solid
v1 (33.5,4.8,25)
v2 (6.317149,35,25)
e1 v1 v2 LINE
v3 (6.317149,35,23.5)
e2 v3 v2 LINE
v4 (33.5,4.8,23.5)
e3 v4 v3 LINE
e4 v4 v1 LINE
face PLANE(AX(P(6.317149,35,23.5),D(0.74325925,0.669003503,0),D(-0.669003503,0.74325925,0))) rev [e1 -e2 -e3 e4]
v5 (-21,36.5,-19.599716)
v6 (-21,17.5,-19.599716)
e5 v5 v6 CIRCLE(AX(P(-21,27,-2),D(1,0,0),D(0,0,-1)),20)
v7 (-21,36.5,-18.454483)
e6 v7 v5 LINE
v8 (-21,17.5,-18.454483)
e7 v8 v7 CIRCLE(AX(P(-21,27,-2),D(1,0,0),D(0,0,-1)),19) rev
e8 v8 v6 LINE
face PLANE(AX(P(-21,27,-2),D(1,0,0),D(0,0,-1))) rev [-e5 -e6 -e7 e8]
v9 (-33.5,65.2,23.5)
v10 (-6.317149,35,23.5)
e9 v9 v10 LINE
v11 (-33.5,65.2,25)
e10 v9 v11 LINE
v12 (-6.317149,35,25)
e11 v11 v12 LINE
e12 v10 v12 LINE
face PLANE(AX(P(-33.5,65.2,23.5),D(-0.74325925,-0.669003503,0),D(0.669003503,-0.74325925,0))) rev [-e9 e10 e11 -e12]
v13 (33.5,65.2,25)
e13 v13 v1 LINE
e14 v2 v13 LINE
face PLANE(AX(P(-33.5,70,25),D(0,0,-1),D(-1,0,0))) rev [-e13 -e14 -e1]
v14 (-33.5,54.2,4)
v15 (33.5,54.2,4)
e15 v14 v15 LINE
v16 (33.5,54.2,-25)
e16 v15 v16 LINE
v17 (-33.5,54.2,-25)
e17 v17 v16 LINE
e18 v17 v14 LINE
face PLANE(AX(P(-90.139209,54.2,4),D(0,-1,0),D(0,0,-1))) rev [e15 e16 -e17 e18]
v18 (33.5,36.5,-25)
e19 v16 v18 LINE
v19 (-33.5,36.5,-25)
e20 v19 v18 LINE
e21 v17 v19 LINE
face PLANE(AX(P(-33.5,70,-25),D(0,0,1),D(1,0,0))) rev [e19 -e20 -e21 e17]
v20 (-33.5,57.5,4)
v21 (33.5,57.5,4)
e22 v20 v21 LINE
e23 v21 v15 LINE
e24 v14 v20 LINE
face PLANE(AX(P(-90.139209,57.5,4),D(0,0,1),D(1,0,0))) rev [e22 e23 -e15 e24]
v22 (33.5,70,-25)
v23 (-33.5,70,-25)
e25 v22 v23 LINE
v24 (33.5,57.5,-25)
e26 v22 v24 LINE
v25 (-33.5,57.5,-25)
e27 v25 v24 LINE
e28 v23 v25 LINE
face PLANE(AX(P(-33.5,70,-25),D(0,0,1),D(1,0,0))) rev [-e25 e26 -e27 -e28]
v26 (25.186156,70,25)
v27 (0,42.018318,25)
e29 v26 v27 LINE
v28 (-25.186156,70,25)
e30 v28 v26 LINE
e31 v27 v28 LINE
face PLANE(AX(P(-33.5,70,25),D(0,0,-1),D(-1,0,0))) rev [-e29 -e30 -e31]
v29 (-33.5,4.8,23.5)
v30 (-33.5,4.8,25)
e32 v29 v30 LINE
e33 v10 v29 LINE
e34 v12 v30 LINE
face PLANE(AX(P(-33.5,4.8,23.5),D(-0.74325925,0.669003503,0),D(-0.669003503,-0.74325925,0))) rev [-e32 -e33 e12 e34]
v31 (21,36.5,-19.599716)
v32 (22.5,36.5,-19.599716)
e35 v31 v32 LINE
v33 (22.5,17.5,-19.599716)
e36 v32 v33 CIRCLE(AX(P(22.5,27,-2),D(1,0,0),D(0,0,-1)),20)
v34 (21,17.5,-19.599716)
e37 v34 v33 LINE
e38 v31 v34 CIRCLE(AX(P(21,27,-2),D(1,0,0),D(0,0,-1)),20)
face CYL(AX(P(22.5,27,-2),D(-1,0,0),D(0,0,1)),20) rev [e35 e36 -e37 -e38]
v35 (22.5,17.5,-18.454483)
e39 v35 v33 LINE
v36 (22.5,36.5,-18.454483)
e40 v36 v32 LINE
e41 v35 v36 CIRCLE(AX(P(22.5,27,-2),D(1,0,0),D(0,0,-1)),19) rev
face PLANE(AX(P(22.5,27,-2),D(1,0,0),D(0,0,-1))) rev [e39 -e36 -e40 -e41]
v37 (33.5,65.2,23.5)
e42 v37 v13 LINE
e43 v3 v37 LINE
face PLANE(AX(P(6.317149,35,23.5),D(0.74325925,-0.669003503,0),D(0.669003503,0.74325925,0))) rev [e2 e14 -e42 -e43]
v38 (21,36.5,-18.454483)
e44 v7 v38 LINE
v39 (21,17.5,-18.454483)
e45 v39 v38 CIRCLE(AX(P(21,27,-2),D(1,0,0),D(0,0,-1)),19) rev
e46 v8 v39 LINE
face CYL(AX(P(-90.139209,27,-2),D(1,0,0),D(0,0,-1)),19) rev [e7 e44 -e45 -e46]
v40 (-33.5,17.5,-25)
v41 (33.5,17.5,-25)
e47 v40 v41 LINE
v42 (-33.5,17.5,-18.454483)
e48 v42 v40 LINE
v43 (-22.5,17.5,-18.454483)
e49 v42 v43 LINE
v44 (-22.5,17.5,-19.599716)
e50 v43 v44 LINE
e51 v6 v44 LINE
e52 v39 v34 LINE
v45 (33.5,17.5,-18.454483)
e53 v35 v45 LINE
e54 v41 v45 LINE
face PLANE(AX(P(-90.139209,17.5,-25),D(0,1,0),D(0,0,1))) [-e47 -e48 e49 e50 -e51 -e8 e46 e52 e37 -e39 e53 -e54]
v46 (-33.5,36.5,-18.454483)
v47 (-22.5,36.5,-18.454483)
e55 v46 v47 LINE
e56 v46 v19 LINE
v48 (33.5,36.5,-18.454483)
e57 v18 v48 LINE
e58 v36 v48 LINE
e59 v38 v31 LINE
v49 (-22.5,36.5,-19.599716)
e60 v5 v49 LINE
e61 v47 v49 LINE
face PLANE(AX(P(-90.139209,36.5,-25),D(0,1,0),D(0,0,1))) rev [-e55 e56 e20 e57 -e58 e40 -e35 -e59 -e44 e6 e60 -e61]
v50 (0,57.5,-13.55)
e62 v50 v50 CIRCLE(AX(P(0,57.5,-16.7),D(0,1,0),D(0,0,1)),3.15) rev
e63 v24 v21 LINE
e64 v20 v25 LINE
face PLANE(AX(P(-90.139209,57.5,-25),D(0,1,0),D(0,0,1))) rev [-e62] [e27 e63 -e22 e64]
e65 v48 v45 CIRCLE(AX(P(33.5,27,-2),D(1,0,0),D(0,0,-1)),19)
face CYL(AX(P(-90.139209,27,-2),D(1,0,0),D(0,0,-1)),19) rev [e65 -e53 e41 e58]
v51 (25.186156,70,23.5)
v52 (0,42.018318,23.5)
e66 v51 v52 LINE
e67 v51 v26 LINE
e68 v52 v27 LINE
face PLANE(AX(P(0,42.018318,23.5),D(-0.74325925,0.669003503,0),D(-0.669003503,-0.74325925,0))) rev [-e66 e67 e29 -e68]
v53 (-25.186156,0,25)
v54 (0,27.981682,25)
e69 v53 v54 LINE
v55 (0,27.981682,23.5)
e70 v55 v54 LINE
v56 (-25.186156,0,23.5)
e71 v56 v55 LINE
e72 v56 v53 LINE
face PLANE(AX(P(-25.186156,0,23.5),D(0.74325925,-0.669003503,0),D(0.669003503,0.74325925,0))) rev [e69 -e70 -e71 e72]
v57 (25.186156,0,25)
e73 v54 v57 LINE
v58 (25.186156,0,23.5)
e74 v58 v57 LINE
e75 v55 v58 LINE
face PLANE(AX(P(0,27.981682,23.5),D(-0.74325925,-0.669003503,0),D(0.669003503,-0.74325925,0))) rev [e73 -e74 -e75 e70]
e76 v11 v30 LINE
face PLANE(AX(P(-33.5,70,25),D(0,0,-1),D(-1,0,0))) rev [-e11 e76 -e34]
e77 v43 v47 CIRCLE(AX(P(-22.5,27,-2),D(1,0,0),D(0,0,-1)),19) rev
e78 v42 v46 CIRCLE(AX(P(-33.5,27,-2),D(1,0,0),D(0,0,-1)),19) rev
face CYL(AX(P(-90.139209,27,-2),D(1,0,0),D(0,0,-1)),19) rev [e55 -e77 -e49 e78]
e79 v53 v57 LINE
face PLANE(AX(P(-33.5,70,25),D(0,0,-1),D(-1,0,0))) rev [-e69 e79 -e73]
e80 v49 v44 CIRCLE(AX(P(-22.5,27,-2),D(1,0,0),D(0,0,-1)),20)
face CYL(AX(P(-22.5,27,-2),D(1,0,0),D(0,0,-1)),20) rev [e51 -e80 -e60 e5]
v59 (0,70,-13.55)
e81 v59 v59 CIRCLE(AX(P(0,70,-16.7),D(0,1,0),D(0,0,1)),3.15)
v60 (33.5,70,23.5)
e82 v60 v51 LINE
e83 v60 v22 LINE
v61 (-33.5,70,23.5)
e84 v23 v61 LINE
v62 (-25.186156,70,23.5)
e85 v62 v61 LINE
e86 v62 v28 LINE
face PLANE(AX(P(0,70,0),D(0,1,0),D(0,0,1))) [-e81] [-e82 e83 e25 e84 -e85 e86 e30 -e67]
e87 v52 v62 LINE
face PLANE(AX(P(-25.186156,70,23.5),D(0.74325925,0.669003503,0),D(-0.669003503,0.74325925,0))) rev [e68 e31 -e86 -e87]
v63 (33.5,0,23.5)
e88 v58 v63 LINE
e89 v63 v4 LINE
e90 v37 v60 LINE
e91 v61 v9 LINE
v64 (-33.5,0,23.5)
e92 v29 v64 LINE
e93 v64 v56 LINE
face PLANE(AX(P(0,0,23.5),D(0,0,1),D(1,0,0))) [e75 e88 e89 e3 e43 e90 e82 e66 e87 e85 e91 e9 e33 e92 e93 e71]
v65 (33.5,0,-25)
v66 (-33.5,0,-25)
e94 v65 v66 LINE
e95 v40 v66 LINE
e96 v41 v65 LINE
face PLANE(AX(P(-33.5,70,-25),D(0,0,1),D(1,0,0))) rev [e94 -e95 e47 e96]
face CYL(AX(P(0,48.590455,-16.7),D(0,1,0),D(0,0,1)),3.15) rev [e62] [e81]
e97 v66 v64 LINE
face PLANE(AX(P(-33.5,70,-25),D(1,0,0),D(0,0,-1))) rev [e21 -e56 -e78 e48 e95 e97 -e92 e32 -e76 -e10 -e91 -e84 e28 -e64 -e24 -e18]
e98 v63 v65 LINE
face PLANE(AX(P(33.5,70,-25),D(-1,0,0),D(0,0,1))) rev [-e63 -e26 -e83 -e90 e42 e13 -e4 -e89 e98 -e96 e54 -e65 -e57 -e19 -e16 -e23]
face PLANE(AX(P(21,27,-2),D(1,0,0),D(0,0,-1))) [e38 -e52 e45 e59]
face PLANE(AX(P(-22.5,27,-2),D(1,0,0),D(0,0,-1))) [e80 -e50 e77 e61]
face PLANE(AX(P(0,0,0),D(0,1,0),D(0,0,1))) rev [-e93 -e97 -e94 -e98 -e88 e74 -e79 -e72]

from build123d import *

# Parameters (mm, degrees)
SKETCH1_W           = 67
SKETCH1_H           = 50
BOSS_EXTRUDE1_DEPTH = 70
SKETCH3_W           = 29
SKETCH3_H           = 3.3
CUT_EXTRUDE1_DEPTH  = 67
SKETCH4_R           = 20
CUT_EXTRUDE2_DEPTH  = 1.5
CUT_EXTRUDE3_START  = -1.5
SKETCH5_R           = 20
CUT_EXTRUDE3_DEPTH  = 1.5
SKETCH7_R           = 3.15
CUT_EXTRUDE4_DEPTH  = 12.5
CUT_EXTRUDE5_DEPTH  = 1.5


with BuildPart() as part:
    # Sketch1 → Boss-Extrude1 (new body)
    with BuildSketch(Plane(origin=(0, 0, 0), x_dir=(1, 0, 0), z_dir=(0, 1, 0))):
        Rectangle(SKETCH1_W, SKETCH1_H)
    extrude(amount=BOSS_EXTRUDE1_DEPTH)

    # Sketch3 → Cut-Extrude1 (cut)
    with BuildSketch(Plane(origin=(33.5, 0, 0), x_dir=(0, 0, -1), z_dir=(1, 0, 0))):
        with Locations((10.5, 55.85)):
            Rectangle(SKETCH3_W, SKETCH3_H)
        with BuildLine():
            Line((25, 36.5), (25, 17.5))
            Line((25, 17.5), (18.454482672, 17.5))
            ThreePointArc((18.454482672, 17.5), (-17, 27), (18.454482672, 36.5))
            Line((18.454482672, 36.5), (25, 36.5))
        make_face()
    extrude(amount=-CUT_EXTRUDE1_DEPTH, mode=Mode.SUBTRACT)

    # Sketch4 → Cut-Extrude2 (cut)
    with BuildSketch(Plane(origin=(21, 0, 0), x_dir=(0, 0, -1), z_dir=(1, 0, 0))):
        with Locations((2, 27)):
            Circle(SKETCH4_R)
    extrude(amount=CUT_EXTRUDE2_DEPTH, mode=Mode.SUBTRACT)

    # Sketch5 → Cut-Extrude3 (cut)
    with BuildSketch(Plane(origin=(-21, 0, 0), x_dir=(0, 0, -1), z_dir=(1, 0, 0)).offset(CUT_EXTRUDE3_START)):
        with Locations((2, 27)):
            Circle(SKETCH5_R)
    extrude(amount=CUT_EXTRUDE3_DEPTH, mode=Mode.SUBTRACT)

    # Sketch7 → Cut-Extrude4 (cut)
    with BuildSketch(Plane(origin=(0, 70, 0), x_dir=(1, 0, 0), z_dir=(0, 1, 0))):
        with Locations(Location((0, 16.7, 0), (0, 0, 270))):
            Circle(SKETCH7_R)
    extrude(amount=-CUT_EXTRUDE4_DEPTH, mode=Mode.SUBTRACT)

    # Sketch9 → Cut-Extrude5 (cut)
    with BuildSketch(Plane.XY.offset(25)):
        Polygon((-33.5, 0), (-33.5, 4.8), (-6.317148544, 35), (-33.5, 65.2), (-33.5, 70), (-25.186156124, 70), (0, 42.018317645), (25.186156124, 70), (33.5, 70), (33.5, 65.2), (6.317148544, 35), (33.5, 4.8), (33.5, 0), (25.186156124, 0), (0, 27.981682355), (-25.186156124, 0), align=None)
    extrude(amount=-CUT_EXTRUDE5_DEPTH, mode=Mode.SUBTRACT)


solid = part.part
